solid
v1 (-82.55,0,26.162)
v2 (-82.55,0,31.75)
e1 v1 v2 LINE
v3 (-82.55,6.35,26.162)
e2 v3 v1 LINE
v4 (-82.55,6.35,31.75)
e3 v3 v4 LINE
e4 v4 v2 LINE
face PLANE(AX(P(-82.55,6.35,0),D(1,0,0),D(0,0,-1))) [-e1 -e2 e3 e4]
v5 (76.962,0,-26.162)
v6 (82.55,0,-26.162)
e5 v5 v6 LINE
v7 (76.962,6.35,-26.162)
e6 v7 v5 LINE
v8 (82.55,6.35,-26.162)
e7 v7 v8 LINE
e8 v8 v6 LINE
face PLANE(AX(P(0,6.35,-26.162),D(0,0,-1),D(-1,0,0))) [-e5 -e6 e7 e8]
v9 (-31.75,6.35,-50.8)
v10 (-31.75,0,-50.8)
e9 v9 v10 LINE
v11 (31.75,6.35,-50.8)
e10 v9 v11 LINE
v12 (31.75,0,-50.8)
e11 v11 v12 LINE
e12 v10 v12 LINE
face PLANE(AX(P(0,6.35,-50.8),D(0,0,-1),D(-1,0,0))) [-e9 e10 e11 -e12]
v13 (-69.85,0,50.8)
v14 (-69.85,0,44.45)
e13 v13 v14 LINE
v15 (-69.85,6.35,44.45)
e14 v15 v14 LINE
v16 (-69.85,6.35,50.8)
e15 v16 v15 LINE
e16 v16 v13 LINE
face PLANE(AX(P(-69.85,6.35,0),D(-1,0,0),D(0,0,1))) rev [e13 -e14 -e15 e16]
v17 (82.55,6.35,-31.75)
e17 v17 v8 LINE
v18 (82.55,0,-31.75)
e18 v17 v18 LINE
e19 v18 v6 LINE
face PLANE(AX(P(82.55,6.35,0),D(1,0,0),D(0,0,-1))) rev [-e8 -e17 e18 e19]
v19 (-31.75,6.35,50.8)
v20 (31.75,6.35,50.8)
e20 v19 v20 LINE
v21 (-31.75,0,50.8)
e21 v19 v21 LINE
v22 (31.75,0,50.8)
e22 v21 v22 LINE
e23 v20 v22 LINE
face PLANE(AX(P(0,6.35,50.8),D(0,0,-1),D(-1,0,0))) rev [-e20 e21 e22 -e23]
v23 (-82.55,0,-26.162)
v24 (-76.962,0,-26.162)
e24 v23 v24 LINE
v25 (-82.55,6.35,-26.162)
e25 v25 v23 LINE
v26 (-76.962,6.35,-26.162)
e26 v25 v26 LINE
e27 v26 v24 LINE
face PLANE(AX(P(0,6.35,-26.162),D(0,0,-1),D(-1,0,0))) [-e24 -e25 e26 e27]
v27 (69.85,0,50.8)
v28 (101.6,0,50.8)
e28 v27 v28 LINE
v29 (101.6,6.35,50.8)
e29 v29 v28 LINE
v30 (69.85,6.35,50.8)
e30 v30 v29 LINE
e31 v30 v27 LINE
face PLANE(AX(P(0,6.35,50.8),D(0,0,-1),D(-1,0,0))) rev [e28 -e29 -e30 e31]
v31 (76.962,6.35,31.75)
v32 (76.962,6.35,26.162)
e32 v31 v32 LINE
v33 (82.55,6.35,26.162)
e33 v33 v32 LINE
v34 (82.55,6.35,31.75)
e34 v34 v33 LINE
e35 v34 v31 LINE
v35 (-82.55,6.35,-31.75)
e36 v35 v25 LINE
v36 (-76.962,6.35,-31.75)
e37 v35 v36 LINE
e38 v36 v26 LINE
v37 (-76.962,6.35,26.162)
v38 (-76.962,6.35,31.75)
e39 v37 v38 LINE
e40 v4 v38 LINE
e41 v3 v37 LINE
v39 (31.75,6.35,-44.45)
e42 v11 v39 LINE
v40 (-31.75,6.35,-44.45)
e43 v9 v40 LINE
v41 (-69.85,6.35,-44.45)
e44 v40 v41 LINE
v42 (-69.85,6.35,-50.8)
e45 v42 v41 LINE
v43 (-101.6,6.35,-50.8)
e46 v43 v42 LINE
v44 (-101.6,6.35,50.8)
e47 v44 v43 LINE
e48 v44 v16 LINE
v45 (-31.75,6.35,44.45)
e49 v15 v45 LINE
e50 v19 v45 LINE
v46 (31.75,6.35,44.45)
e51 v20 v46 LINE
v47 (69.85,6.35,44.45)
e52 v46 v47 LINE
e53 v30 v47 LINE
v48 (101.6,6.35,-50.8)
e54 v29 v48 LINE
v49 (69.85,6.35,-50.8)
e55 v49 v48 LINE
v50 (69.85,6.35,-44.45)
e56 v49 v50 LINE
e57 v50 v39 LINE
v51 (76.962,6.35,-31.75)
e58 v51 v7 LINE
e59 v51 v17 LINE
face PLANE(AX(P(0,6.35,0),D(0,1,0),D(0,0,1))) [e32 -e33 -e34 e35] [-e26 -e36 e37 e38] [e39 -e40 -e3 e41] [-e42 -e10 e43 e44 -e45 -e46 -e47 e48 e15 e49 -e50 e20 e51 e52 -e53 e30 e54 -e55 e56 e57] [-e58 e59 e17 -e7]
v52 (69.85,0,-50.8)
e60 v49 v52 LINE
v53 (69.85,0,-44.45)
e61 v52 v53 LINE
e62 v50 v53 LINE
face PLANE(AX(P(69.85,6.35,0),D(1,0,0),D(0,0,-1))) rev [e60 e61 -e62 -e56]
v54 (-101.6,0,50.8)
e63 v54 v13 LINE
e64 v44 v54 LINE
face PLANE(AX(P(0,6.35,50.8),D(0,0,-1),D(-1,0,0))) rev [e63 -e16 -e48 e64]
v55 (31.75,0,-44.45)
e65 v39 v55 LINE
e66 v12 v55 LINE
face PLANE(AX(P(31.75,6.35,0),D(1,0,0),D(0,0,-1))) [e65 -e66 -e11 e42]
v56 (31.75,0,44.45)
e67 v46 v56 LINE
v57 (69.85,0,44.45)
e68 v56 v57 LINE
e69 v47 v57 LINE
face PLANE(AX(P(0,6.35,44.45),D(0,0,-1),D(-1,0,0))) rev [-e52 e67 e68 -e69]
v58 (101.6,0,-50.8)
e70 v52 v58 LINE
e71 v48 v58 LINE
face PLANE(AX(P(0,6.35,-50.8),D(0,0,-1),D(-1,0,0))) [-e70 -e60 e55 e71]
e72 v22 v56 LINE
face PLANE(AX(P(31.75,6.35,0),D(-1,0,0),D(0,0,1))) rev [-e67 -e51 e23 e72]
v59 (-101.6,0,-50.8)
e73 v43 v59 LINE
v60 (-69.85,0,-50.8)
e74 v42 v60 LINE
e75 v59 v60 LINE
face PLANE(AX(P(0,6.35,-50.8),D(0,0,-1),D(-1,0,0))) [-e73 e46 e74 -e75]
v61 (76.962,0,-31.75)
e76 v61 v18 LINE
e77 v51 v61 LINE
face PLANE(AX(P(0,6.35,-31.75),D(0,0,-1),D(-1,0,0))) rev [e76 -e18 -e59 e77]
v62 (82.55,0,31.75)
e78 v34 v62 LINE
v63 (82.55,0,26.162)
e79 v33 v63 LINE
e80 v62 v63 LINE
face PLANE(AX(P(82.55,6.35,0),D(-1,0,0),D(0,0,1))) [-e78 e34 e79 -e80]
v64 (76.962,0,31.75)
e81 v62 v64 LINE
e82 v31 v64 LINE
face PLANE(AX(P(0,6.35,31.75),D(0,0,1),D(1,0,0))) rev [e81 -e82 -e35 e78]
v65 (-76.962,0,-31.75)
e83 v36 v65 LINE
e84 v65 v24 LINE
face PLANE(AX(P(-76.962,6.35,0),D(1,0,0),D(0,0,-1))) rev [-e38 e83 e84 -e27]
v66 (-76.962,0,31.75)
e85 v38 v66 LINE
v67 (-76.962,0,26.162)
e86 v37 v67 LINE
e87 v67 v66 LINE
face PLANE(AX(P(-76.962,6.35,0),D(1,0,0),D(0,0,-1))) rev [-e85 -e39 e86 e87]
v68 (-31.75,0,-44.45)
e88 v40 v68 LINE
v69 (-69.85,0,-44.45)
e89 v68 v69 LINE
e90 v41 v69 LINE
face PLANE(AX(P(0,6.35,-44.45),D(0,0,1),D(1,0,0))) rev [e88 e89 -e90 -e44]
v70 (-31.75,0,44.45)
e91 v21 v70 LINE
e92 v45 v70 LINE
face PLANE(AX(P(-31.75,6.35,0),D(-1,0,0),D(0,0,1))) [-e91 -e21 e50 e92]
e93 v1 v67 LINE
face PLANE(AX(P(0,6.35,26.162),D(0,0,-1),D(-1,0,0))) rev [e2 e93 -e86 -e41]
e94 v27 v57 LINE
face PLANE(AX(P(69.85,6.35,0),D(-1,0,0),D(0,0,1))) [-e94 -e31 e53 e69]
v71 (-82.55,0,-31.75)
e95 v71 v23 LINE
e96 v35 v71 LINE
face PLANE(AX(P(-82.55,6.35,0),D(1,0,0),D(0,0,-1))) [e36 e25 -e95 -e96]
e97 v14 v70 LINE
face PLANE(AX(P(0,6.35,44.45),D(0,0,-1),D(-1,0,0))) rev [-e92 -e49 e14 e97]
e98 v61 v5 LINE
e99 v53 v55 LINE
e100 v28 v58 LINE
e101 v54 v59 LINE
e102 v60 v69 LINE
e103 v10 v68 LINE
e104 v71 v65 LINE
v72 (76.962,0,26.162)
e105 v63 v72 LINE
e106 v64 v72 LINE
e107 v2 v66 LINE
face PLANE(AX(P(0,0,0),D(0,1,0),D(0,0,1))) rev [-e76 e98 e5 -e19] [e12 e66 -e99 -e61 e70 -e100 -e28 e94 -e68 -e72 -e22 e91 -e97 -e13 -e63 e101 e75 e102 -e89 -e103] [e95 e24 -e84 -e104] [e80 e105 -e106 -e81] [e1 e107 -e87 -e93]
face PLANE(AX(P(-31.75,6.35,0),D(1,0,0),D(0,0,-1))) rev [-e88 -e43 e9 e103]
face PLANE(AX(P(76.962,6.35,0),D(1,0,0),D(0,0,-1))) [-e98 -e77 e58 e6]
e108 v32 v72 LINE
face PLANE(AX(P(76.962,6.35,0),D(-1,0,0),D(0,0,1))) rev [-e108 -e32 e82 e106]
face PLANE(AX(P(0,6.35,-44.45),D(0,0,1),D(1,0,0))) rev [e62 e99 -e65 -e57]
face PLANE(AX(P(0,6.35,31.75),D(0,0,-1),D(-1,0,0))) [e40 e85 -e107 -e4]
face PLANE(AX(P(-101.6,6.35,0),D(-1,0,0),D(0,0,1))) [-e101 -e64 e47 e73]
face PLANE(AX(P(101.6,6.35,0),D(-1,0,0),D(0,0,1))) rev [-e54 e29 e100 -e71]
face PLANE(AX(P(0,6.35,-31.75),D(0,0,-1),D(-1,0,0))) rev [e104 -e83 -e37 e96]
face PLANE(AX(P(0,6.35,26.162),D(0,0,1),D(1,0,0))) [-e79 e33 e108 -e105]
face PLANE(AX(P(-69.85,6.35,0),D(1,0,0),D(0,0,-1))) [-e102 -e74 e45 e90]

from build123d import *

# Parameters (mm, degrees)
SKETCH1_W           = 5.588
SKETCH1_H           = 5.588
BOSS_EXTRUDE1_DEPTH = 6.35


with BuildPart() as part:
    # Sketch1 → Boss-Extrude1 (new body)
    with BuildSketch(Plane(origin=(0, 0, 0), x_dir=(1, 0, 0), z_dir=(0, 1, 0))):
        Polygon((-101.6, 50.8), (-101.6, -50.8), (-69.85, -50.8), (-69.85, -44.45), (-31.75, -44.45), (-31.75, -50.8), (31.75, -50.8), (31.75, -44.45), (69.85, -44.45), (69.85, -50.8), (101.6, -50.8), (101.6, 50.8), (69.85, 50.8), (69.85, 44.45), (31.75, 44.45), (31.75, 50.8), (-31.75, 50.8), (-31.75, 44.45), (-69.85, 44.45), (-69.85, 50.8), align=None)
        with Locations((-79.756, -28.956)):
            Rectangle(SKETCH1_W, SKETCH1_H, mode=Mode.SUBTRACT)
        with Locations((79.756, -28.956)):
            Rectangle(SKETCH1_W, SKETCH1_H, mode=Mode.SUBTRACT)
        with Locations((-79.756, 28.956)):
            Rectangle(SKETCH1_W, SKETCH1_H, mode=Mode.SUBTRACT)
        with Locations((79.756, 28.956)):
            Rectangle(SKETCH1_W, SKETCH1_H, mode=Mode.SUBTRACT)
    extrude(amount=BOSS_EXTRUDE1_DEPTH)


solid = part.part
